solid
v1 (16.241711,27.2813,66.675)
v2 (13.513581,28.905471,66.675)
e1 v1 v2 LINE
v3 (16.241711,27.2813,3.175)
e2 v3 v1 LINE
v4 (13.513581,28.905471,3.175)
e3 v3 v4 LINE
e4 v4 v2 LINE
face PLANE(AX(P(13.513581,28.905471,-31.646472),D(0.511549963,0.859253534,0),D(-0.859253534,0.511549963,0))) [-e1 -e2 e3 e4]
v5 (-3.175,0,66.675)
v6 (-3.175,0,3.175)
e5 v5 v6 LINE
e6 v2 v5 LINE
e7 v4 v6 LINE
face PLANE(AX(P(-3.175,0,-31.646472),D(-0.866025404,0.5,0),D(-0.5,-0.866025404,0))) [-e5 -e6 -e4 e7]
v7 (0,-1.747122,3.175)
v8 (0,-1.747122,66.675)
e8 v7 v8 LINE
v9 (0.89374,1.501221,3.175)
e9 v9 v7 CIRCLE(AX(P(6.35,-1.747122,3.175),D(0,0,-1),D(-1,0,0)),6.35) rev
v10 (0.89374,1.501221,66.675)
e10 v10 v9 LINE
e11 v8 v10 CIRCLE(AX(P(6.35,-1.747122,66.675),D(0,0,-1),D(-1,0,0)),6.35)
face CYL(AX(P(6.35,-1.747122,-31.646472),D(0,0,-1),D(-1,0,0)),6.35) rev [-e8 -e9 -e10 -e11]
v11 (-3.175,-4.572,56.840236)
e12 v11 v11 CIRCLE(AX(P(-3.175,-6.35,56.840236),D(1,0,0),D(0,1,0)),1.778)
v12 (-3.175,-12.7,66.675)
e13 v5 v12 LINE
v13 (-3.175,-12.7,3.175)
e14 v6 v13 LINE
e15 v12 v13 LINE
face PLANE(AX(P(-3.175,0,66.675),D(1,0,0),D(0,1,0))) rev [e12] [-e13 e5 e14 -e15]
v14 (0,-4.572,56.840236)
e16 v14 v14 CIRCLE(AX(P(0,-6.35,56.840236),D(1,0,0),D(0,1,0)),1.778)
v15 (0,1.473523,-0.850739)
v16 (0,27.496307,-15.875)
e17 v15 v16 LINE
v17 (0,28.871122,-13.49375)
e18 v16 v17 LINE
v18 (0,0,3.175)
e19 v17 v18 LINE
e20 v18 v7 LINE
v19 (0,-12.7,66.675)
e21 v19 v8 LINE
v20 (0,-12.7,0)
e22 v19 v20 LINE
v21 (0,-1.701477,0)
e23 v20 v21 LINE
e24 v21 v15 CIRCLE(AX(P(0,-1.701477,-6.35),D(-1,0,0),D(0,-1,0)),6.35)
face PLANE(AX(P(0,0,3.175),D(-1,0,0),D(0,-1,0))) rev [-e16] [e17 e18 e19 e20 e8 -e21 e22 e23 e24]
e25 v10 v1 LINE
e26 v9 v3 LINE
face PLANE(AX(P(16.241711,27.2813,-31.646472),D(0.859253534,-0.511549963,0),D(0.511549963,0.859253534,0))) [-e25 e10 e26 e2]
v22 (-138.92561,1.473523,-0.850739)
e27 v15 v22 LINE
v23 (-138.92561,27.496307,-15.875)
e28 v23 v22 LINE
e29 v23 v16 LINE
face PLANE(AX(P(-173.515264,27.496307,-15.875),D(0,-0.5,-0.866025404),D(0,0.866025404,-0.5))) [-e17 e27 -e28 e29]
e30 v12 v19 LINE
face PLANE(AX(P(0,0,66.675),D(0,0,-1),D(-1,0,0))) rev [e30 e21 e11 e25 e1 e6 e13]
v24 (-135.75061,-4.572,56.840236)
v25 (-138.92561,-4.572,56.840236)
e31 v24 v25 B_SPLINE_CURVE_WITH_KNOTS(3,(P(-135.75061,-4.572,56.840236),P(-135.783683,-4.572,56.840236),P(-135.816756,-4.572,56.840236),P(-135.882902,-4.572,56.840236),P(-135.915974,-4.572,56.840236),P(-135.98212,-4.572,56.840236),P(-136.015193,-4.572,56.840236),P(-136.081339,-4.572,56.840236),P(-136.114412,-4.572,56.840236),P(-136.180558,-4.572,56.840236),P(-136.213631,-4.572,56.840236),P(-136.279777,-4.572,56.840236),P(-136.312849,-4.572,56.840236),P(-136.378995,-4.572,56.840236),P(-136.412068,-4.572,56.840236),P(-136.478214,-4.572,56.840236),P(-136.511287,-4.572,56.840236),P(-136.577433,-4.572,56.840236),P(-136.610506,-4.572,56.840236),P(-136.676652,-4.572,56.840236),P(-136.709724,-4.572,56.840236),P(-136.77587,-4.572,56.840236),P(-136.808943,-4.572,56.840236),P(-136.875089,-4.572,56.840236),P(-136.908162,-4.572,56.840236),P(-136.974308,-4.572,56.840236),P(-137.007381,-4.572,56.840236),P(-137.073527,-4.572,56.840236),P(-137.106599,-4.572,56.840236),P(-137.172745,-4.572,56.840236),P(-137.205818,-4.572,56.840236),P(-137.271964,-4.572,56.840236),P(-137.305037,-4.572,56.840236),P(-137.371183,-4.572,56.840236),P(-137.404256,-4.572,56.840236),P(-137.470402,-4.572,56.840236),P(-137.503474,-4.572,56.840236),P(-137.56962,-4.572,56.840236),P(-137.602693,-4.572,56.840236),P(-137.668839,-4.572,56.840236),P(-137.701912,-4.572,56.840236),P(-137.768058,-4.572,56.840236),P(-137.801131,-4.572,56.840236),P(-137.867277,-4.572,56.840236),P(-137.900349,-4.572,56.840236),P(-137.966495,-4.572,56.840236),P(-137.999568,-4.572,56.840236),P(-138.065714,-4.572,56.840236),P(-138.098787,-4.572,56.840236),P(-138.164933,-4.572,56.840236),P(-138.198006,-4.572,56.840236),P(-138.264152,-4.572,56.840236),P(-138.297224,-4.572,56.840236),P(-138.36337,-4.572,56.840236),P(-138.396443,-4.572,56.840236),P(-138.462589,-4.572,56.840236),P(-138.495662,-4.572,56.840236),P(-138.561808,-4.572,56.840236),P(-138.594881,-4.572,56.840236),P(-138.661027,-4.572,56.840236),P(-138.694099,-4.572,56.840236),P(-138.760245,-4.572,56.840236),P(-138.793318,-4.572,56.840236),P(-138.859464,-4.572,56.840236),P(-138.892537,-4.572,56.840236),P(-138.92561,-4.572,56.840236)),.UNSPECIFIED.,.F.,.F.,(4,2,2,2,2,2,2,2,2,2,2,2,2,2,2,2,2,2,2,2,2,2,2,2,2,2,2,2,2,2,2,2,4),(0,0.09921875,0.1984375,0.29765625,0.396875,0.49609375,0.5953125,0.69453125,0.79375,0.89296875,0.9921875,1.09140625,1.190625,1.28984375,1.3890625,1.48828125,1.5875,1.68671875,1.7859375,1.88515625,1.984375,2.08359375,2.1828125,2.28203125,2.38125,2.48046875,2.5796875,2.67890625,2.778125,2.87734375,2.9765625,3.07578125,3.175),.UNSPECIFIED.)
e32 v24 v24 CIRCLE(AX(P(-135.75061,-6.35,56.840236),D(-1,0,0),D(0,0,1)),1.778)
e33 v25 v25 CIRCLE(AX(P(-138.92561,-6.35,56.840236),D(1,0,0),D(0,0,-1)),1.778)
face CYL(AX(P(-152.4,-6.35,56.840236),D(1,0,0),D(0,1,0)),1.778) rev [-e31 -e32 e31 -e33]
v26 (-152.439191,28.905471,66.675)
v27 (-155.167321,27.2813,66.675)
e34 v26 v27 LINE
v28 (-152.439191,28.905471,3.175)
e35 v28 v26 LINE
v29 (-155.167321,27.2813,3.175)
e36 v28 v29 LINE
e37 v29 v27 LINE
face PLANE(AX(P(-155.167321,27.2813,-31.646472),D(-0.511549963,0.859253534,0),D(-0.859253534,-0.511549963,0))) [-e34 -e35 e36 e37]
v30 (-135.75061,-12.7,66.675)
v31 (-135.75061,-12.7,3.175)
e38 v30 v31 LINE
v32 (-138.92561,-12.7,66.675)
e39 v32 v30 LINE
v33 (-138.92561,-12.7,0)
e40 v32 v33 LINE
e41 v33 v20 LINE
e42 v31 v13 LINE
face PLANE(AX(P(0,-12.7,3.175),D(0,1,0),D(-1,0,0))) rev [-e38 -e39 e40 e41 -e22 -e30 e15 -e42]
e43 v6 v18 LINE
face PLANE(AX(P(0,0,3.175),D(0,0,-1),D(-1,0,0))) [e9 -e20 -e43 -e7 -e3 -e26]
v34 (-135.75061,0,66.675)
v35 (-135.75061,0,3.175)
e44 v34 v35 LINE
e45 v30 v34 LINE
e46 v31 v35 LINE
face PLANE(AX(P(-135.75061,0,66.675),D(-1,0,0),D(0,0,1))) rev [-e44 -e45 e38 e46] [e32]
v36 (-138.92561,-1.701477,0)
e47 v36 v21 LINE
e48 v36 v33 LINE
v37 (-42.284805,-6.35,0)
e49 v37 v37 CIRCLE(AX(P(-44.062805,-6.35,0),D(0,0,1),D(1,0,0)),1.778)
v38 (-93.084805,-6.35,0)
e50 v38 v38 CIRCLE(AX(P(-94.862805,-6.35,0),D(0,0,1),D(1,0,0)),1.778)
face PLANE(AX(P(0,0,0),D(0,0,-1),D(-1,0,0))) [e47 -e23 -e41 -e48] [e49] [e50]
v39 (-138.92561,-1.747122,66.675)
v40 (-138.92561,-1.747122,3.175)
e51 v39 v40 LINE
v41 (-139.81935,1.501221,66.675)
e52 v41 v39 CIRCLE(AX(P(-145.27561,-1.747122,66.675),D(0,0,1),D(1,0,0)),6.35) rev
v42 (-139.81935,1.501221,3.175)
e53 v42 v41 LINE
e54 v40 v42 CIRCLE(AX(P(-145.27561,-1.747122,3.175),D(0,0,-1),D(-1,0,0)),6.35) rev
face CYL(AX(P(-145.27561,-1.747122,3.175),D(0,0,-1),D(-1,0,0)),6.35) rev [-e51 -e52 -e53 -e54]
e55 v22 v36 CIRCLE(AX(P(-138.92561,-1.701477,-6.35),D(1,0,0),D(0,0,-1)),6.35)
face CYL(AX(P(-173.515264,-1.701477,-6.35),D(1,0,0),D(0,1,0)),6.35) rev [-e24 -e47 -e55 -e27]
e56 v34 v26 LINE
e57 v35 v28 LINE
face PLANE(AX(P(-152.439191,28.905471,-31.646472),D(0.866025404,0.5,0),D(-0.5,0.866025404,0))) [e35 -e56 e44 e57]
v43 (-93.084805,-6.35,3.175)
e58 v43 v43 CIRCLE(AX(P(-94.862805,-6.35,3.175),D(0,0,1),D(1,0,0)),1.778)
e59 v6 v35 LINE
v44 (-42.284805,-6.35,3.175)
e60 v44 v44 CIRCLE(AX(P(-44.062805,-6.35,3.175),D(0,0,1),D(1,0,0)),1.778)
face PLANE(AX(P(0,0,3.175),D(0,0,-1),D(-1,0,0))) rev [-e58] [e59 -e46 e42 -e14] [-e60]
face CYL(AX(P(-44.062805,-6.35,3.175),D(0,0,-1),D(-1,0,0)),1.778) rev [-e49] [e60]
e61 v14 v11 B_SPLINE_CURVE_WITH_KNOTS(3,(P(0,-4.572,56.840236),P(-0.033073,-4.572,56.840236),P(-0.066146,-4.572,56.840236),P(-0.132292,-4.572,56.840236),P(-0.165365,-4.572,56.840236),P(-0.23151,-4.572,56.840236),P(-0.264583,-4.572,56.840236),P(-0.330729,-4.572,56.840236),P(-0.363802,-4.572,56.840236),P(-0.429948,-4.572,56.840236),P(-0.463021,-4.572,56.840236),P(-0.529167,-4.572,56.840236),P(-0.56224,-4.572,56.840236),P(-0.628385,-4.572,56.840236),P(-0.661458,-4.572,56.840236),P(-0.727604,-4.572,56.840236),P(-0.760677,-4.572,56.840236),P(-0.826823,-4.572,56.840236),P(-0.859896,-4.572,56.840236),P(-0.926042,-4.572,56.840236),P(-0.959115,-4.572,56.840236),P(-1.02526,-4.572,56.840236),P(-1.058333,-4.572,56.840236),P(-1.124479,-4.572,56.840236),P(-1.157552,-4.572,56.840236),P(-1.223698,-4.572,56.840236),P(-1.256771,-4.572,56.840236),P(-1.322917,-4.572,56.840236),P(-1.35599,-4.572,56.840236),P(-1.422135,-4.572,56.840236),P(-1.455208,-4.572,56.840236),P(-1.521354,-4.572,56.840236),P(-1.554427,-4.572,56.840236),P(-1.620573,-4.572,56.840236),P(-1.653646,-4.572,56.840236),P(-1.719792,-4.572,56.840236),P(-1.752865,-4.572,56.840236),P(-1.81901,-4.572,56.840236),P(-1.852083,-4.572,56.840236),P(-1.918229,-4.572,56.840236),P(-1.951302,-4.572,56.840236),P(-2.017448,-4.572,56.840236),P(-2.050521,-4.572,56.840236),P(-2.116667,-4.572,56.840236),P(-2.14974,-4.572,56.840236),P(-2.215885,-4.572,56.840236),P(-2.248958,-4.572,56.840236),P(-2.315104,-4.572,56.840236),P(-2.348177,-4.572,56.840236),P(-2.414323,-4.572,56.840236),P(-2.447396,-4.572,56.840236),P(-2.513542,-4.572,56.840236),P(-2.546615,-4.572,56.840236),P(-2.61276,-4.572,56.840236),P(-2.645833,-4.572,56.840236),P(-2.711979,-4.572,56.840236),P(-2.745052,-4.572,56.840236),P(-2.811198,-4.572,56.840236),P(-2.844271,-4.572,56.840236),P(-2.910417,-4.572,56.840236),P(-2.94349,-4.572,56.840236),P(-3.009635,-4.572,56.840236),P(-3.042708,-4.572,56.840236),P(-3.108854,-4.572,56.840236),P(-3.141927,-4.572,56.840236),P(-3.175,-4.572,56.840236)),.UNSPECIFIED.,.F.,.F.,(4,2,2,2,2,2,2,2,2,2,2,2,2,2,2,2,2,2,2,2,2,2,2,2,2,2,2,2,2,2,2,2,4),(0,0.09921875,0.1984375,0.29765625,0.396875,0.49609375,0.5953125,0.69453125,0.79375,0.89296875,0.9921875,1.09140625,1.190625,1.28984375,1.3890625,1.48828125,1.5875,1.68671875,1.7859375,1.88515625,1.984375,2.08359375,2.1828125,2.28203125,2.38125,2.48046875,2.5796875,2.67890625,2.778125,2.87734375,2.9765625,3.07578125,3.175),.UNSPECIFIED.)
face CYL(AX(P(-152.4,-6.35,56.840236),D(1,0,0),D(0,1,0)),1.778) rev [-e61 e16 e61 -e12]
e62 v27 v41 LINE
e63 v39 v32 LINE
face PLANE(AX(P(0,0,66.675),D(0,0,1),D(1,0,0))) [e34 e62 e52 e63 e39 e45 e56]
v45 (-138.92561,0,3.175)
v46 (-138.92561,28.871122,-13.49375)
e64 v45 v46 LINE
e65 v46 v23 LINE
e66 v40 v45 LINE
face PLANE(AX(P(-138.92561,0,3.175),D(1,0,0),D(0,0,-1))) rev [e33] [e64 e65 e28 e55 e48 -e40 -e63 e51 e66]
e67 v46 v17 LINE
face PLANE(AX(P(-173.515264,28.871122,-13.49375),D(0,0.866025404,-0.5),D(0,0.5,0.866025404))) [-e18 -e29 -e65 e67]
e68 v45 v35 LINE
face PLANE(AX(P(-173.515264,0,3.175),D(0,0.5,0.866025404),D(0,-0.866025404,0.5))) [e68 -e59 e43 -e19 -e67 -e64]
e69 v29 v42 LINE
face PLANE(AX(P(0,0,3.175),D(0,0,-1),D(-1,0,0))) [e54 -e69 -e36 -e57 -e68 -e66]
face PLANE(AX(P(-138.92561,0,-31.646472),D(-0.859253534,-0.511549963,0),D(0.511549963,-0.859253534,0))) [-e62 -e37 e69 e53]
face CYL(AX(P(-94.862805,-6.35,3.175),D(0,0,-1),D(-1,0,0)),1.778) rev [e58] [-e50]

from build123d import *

# Parameters (mm, degrees)
SKETCH1_W           = 138.92560988
SKETCH1_H           = 12.7
SKETCH1_R           = 1.778
BOSS_EXTRUDE1_DEPTH = 3.175
SKETCH2_W           = 3.175
SKETCH2_H           = 12.7
BOSS_EXTRUDE2_DEPTH = 63.5
SKETCH3_R           = 1.778
CUT_EXTRUDE1_DEPTH  = 152.4
BOSS_EXTRUDE3_REACH = 156.619
BOSS_EXTRUDE4_DEPTH = 63.5
FILLET1_R           = 6.35


with BuildPart() as part:
    # Sketch1 → Boss-Extrude1 (new body)
    with BuildSketch(Plane.XY):
        with Locations((-69.46280494, -6.35)):
            Rectangle(SKETCH1_W, SKETCH1_H)
        with Locations((-94.86280494, -6.35)):
            Circle(SKETCH1_R, mode=Mode.SUBTRACT)
        with Locations((-44.06280494, -6.35)):
            Circle(SKETCH1_R, mode=Mode.SUBTRACT)
    extrude(amount=BOSS_EXTRUDE1_DEPTH)

    # Sketch2 → Boss-Extrude2 (add)
    with BuildSketch(Plane.XY.offset(3.175)):
        with Locations((-137.33810988, -6.35)):
            Rectangle(SKETCH2_W, SKETCH2_H)
        with Locations((-1.5875, -6.35)):
            Rectangle(SKETCH2_W, SKETCH2_H)
    extrude(amount=BOSS_EXTRUDE2_DEPTH)

    # Sketch3 → Cut-Extrude1 (cut)
    with BuildSketch(Plane(origin=(0, 0, 0), x_dir=(0, 0, -1), z_dir=(1, 0, 0))):
        with Locations(Location((-56.840236332, -6.35, 0), (0, 0, 90))):
            Circle(SKETCH3_R)
    extrude(amount=-CUT_EXTRUDE1_DEPTH, mode=Mode.SUBTRACT)

    # Boss-Extrude3: up to this face of the body (flat: up to its plane)
    boss_extrude3_end = Plane(part.part.faces().sort_by_distance((-138.92560988, -6.35, 33.058574097))[0])
    # Sketch5 → Boss-Extrude3 (add, up to the picked face)
    with BuildSketch(Plane(origin=(0, 0, 0), x_dir=(0, 0, -1), z_dir=(1, 0, 0)), mode=Mode.PRIVATE) as boss_extrude3_sk1:
        Polygon((-3.175, 0), (13.49375, 28.871121899), (15.875, 27.49630657), (0, 0), align=None)
    boss_extrude3_tool1 = split(extrude(boss_extrude3_sk1.sketch, amount=-BOSS_EXTRUDE3_REACH, mode=Mode.PRIVATE), bisect_by=boss_extrude3_end, keep=Keep.BOTH, mode=Mode.PRIVATE)
    add(boss_extrude3_tool1.solids().sort_by(Axis((0, 14.094651, -6.537144), (-1, 0, 0)))[0])

    # Sketch6 → Boss-Extrude4 (add)
    with BuildSketch(Plane.XY.offset(66.675)):
        Polygon((-3.175, 0), (13.513581363, 28.905470827), (16.241711333, 27.281299694), (0, 0), align=None)
        Polygon((-138.92560988, 0), (-155.167321213, 27.281299694), (-152.439191243, 28.905470827), (-135.75060988, 0), align=None)
    extrude(amount=-BOSS_EXTRUDE4_DEPTH)

    # Fillet1
    fillet1_edges = [part.edges().sort_by_distance(p)[0] for p in [
        (-69.46280494, 0, 0),
        (-138.92560988, 0, 34.925),
        (0, 0, 34.925),
    ]]
    fillet(fillet1_edges, radius=FILLET1_R)


solid = part.part
